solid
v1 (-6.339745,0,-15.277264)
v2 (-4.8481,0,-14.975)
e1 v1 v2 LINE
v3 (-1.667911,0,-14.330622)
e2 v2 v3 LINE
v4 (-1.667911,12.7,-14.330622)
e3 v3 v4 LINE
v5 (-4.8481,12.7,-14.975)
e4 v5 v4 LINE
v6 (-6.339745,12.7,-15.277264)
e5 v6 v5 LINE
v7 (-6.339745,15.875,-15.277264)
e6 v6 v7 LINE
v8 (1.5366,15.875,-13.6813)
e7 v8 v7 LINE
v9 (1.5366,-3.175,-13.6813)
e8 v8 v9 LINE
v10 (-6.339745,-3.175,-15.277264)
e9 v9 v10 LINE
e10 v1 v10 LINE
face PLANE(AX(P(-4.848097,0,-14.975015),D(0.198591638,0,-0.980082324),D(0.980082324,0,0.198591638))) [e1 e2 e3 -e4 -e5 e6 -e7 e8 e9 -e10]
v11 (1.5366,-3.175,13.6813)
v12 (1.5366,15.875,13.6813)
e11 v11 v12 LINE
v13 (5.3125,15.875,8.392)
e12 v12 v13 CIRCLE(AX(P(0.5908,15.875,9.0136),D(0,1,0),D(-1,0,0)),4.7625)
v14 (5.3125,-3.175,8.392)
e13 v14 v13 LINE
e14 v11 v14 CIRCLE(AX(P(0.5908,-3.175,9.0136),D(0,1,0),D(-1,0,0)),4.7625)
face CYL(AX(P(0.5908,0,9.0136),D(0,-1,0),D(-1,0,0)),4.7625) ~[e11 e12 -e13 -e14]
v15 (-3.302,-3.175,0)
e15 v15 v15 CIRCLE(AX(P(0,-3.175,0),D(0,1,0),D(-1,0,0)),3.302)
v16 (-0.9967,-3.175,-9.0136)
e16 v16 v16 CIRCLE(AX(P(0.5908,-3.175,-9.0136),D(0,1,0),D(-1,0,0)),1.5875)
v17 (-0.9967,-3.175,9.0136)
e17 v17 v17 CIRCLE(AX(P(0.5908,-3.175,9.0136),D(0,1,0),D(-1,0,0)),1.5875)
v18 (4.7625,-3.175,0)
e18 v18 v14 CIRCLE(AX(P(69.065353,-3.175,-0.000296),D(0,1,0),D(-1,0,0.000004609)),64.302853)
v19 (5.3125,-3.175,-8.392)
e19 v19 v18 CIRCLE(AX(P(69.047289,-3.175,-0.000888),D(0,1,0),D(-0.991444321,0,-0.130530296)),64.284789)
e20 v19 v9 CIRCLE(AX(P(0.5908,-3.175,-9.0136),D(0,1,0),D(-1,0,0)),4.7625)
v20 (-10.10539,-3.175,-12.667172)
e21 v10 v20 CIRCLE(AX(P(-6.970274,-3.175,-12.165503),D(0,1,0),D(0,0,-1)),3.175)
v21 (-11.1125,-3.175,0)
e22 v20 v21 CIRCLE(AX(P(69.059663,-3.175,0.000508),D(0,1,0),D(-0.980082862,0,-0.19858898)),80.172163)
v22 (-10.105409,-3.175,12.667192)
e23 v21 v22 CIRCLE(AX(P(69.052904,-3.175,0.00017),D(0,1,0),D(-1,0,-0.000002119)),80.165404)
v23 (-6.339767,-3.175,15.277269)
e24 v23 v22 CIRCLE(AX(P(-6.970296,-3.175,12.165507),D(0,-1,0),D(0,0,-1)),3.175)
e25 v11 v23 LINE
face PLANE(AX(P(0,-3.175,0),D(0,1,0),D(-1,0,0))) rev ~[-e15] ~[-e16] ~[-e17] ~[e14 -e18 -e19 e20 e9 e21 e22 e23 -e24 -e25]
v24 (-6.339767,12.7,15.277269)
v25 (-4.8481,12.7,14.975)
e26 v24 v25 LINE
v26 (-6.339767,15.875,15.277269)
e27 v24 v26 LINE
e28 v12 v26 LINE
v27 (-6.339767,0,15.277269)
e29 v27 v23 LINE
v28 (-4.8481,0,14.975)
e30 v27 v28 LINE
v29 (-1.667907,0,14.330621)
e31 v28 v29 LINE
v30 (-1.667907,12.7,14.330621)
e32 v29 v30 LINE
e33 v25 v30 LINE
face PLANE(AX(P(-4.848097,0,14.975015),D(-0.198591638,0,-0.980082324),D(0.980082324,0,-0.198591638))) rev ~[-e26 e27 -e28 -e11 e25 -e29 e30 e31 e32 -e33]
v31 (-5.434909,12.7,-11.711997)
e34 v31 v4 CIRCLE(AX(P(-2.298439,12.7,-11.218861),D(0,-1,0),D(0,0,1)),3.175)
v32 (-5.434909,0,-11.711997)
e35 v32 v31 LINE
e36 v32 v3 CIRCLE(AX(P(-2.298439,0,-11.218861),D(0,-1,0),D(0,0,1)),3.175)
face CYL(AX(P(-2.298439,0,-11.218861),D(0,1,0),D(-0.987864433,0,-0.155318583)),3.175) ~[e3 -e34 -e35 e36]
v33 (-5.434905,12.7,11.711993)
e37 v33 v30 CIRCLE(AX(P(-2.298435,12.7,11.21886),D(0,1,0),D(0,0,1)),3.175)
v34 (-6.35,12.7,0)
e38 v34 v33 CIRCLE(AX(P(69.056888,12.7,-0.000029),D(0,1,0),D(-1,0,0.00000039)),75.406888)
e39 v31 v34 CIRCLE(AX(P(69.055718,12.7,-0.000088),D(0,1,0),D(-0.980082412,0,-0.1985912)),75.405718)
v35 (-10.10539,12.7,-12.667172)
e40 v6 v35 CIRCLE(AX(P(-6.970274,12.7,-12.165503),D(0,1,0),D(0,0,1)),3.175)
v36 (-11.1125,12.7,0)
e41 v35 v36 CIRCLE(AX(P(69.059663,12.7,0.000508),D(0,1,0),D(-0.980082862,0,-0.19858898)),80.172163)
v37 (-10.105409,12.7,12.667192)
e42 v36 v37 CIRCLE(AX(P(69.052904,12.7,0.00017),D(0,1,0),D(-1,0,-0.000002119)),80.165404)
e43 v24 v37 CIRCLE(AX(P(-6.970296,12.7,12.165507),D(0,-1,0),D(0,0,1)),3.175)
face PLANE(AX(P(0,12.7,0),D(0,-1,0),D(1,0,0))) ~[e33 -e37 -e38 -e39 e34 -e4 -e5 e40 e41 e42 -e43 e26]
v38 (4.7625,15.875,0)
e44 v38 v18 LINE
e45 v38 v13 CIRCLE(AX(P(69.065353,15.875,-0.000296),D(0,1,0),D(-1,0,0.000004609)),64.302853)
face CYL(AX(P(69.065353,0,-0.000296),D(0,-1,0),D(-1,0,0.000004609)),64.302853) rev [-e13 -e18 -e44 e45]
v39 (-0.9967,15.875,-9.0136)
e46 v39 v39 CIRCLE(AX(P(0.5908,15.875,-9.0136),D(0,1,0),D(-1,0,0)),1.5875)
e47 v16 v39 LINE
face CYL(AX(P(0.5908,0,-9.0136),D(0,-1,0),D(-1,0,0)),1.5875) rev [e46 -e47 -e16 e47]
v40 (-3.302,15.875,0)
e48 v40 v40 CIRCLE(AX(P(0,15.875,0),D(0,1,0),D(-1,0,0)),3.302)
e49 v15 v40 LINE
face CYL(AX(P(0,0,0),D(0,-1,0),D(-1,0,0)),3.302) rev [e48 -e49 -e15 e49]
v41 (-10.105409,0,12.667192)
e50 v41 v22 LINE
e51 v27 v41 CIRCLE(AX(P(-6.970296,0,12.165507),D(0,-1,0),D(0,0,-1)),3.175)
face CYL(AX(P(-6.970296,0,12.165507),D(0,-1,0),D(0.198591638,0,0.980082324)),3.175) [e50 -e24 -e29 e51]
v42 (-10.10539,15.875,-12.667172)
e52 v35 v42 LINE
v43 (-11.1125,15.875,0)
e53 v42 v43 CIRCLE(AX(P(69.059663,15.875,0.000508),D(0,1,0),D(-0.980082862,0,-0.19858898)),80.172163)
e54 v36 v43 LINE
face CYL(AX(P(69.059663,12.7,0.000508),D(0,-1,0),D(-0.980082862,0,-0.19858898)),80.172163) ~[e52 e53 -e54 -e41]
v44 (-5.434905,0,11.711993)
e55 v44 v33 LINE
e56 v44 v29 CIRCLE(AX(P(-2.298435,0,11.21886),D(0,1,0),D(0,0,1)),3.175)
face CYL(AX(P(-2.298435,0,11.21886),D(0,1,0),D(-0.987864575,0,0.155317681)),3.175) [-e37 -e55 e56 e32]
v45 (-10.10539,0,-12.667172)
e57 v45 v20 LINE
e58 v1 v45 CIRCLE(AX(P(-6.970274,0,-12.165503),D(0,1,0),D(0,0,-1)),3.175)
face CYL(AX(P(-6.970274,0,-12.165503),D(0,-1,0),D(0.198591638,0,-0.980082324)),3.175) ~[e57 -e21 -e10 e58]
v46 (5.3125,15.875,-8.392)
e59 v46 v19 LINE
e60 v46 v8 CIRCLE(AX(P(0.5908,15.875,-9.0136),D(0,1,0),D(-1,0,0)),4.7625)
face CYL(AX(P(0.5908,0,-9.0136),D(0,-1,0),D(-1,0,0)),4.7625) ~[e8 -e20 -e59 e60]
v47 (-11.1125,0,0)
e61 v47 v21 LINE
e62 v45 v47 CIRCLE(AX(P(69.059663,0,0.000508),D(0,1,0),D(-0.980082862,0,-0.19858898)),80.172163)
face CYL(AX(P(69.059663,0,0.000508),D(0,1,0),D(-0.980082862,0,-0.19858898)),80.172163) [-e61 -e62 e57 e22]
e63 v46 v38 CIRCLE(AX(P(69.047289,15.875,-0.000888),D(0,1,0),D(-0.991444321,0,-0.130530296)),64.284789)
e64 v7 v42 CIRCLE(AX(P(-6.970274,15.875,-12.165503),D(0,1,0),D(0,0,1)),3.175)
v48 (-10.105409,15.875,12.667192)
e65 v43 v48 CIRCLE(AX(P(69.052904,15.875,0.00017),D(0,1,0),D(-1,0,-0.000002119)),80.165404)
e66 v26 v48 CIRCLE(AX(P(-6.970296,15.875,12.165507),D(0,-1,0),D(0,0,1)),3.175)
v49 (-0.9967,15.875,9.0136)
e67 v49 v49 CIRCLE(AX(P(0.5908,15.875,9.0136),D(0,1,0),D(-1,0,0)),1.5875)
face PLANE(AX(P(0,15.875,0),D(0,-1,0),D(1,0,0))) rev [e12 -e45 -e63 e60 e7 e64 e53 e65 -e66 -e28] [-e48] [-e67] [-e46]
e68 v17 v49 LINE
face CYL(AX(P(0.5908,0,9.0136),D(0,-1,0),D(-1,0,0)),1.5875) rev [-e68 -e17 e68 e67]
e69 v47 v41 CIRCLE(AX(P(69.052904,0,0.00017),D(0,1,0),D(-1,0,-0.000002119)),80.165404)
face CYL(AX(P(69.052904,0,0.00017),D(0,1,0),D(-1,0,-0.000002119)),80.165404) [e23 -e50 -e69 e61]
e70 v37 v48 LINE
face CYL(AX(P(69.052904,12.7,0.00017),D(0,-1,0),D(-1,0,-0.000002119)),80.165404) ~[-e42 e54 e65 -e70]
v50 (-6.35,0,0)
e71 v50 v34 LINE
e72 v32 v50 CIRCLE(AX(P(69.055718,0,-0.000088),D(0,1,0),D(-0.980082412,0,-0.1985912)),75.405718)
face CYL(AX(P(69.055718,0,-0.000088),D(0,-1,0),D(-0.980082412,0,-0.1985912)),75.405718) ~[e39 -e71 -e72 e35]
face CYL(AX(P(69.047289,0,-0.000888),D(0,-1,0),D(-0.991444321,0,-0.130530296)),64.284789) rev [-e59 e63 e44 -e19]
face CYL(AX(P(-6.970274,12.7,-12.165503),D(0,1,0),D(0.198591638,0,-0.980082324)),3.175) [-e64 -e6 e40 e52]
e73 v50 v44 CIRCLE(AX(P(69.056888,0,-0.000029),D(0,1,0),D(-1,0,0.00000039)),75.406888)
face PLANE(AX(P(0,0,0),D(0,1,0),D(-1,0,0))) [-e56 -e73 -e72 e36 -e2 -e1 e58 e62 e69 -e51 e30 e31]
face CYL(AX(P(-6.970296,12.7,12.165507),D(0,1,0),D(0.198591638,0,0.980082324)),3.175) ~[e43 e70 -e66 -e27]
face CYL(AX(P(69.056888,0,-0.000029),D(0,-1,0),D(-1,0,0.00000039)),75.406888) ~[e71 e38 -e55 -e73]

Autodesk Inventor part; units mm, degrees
ref_plane "YZ Plane" through (0, 0, 0) normal (1, 0, 0) x (0, 1, 0)
ref_plane "XZ Plane" through (0, 0, 0) normal (0, 1, 0) x (-1, 0, 0)
sketch "Sketch1" plane through (0, 0, 0) normal (0, 1, 0) x (-1, 0, 0)
  circle A0 centre (0, 0) radius 3.302
  line L0 (0, 0) -> (3.302, 0)
  arc A1 (6.35, 0) -> (4.8481, 14.975) centre (-69.0563, 0) ccw
  circle A2 centre (-69.0563, 0) radius 69.0563 construction
  circle A3 centre (-0.5908, 9.0136) radius 1.5875
  line L1 (-0.5908, 9.0136) -> (-69.0563, 0) construction
  circle A4 centre (-0.5908, 9.0136) radius 4.7625
  line L2 (9.5157, 15.9208) -> (-1.5366, 13.6813)
  arc A5 (11.1125, 0) -> (9.5157, 15.9208) centre (-69.0563, 0) ccw
  arc A6 (-4.7625, 0) -> (-5.3125, 8.392) centre (-69.0563, 0) ccw
  line L3 (0, 0) -> (-69.0563, 0) construction
  arc A7 (4.8481, -14.975) -> (6.35, 0) centre (-69.0563, 0) ccw
  circle A8 centre (-0.5908, -9.0136) radius 1.5875
  circle A9 centre (-0.5908, -9.0136) radius 4.7625
  line L4 (9.5157, -15.9208) -> (-1.5366, -13.6813)
  arc A10 (9.5157, -15.9208) -> (11.1125, 0) centre (-69.0563, 0) ccw
  arc A11 (-5.3125, -8.392) -> (-4.7625, 0) centre (-69.0563, 0) ccw
  point P0 (4.8277, -15.4708)
  dimension "d0" = 6.604
  dimension "d1" = 6.35
  dimension "d2" = 75.4062
  dimension "d3" = 3.175
  dimension "d6" = 9.525
  dimension "d7" = 4.7625
  dimension "d8" = 7.5
  dimension "d14" = 138.1125
extrude "Extrusion1" add sketch "Sketch1" along normal blind 12.7 contours A7 L4 A9 A11 A6 A4 L2 A1 | A4 | A9
extrude "Extrusion2" add sketch "Sketch1" against normal blind 3.175
ref_plane "Work Plane1" through (0, 6.35, 0) normal (0, 1, 0) x (1, 0, 0)
mirror "Mirror1" about plane through (0, 6.35, 0) normal (0, 1, 0) of "Extrusion2"
fillet "Fillet1" radius 3.175 6 edges at (-9.5157, 14.2875, 15.9208) (-9.5157, 14.2875, -15.9208) (-9.5157, -1.5875, -15.9208) (-9.5157, -1.5875, 15.9208) (-4.8481, 6.35, 14.975) (-4.8481, 6.35, -14.975)
properties part number "Braces"
